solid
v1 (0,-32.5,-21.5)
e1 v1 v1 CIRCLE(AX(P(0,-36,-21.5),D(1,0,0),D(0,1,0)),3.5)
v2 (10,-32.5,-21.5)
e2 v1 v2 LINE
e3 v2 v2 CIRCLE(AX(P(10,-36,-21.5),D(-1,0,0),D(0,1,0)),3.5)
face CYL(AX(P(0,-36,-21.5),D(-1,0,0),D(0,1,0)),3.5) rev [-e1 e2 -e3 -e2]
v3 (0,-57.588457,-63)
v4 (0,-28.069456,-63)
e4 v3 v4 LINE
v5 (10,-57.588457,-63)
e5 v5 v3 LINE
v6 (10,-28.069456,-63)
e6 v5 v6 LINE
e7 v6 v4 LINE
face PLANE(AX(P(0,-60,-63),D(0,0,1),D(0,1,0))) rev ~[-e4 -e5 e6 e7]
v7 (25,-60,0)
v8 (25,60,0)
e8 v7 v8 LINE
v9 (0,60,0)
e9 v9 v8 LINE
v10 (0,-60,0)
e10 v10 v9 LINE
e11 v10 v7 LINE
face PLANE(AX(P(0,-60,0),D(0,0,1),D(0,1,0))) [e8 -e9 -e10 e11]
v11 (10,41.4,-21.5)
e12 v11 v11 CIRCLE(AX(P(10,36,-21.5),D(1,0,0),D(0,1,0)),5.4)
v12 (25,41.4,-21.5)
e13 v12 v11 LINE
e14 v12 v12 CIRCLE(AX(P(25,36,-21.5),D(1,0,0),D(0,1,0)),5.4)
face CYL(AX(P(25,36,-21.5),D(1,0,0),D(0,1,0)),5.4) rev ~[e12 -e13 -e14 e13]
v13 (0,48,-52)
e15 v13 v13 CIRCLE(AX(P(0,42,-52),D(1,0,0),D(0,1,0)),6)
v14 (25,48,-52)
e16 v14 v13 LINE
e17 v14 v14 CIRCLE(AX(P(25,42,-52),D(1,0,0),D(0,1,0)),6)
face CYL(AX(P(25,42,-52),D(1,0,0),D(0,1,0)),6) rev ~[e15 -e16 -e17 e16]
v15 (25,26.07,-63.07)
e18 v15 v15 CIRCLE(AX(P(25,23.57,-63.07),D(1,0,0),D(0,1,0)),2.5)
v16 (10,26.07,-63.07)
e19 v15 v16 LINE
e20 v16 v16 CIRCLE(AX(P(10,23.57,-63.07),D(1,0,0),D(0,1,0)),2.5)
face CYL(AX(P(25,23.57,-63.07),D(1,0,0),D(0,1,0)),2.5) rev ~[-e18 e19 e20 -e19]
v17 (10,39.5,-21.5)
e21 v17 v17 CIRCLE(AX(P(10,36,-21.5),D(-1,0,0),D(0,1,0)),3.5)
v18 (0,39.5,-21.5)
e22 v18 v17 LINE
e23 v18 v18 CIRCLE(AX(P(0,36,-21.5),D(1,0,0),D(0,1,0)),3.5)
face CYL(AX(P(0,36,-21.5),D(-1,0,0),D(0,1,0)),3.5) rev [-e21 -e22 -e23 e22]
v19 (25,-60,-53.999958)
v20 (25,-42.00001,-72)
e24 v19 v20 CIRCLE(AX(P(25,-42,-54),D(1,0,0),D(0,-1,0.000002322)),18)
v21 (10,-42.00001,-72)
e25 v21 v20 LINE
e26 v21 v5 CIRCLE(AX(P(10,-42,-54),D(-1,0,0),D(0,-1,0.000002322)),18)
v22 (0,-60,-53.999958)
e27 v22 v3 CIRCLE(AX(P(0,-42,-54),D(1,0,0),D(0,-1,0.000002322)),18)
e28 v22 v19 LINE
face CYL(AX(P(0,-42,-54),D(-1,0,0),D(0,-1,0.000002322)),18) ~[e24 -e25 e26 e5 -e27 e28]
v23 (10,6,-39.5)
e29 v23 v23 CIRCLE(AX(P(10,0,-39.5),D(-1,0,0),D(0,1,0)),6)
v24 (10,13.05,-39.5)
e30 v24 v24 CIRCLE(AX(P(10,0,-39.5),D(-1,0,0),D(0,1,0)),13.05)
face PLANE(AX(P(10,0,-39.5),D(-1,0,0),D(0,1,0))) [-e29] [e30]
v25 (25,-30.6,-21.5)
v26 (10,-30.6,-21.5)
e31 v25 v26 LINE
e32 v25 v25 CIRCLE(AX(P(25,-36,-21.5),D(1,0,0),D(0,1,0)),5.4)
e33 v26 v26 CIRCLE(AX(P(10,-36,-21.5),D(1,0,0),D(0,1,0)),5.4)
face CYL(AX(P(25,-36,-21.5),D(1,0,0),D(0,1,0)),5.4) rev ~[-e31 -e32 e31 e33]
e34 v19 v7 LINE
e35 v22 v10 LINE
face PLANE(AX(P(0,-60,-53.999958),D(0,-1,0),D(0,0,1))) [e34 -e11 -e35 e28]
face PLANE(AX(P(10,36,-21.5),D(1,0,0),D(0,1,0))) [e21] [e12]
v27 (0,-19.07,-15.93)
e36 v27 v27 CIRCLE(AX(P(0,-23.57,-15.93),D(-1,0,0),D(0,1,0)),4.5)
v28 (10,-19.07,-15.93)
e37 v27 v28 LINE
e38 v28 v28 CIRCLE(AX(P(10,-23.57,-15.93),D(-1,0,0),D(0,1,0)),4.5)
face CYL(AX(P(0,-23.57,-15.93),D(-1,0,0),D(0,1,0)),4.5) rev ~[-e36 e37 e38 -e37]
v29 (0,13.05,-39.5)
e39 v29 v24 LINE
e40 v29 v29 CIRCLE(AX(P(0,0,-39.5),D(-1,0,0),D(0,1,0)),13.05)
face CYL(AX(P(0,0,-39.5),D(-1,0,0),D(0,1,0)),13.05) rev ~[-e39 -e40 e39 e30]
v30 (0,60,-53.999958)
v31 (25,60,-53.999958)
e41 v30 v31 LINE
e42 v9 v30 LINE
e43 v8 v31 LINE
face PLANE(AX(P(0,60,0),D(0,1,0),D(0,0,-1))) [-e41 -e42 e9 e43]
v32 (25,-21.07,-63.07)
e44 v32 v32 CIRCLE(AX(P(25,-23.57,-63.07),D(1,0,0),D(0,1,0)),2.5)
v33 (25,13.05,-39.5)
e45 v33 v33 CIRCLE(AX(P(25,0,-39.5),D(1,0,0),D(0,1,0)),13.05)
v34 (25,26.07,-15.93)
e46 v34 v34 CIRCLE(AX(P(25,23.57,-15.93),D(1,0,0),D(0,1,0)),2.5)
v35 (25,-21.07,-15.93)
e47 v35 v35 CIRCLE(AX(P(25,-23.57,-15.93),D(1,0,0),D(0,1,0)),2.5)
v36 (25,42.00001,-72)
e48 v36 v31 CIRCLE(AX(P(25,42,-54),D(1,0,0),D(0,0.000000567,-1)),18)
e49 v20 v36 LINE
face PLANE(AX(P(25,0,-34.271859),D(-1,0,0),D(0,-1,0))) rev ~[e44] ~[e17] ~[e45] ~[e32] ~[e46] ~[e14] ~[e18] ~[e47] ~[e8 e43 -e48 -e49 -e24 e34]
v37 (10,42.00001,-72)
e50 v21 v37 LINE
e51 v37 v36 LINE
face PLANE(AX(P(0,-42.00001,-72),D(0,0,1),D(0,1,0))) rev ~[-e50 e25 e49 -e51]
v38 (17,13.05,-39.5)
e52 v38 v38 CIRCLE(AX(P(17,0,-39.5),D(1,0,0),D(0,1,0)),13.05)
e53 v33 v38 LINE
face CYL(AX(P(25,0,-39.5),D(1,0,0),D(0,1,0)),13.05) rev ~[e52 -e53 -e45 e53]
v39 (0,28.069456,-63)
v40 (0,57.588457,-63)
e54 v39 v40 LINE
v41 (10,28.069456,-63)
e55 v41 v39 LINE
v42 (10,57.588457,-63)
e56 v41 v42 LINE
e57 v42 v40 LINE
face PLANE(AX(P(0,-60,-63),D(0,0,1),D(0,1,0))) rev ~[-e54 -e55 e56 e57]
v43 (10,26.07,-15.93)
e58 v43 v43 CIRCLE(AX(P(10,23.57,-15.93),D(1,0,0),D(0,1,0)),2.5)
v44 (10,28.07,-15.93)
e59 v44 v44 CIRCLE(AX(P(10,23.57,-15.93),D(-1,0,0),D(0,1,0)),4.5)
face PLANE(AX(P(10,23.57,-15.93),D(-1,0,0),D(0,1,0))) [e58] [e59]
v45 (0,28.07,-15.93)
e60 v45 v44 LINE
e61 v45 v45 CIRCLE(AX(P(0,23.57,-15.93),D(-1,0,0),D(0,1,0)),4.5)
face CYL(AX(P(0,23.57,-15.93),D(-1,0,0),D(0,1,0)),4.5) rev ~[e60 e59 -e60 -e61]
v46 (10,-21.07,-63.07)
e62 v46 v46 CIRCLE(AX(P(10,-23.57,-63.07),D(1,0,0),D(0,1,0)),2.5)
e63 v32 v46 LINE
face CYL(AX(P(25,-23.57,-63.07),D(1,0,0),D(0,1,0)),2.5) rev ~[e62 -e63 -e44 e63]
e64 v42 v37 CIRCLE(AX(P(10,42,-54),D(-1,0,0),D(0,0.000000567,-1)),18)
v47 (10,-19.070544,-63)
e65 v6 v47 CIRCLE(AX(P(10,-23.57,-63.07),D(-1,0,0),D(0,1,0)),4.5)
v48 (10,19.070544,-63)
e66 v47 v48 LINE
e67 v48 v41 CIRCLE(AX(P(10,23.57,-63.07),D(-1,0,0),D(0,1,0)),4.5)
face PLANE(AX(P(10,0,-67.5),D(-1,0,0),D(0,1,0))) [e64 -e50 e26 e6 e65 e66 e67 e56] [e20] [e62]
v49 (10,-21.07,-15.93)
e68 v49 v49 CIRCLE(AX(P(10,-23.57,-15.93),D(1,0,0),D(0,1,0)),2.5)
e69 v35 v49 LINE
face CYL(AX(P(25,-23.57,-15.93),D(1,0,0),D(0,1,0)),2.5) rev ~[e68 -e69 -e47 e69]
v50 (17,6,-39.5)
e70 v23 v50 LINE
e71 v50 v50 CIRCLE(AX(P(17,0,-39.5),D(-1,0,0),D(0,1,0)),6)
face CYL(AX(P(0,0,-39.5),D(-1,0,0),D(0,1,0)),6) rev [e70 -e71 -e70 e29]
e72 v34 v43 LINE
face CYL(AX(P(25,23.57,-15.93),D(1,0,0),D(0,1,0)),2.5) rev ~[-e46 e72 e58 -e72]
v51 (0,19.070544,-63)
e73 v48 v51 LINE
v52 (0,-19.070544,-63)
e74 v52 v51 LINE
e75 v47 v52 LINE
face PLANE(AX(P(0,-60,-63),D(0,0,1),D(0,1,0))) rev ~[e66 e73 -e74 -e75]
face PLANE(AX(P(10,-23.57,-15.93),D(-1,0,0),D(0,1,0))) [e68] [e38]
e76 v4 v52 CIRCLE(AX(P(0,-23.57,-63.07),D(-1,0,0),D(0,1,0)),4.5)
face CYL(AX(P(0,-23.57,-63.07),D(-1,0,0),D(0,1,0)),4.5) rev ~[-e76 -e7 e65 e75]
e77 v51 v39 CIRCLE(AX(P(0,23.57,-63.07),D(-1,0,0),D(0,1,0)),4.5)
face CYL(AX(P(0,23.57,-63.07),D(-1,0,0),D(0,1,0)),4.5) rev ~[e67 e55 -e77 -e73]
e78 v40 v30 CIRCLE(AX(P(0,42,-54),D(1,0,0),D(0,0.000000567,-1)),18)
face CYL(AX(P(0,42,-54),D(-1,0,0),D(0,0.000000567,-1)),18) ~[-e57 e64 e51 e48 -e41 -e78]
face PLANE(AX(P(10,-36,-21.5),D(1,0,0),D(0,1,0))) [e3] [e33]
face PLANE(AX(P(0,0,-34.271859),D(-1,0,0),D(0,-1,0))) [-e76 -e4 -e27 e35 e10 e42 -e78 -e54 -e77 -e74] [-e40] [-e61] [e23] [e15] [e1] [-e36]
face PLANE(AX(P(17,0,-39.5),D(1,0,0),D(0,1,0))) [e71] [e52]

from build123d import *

# Parameters (mm, degrees)
SKETCH_R        = 3.5
SKETCH_R_2      = 6
PAD_DEPTH       = 25
SKETCH001_R     = 5.4
POCKET_DEPTH    = 15
SKETCH002_R     = 13.05
POCKET001_DEPTH = 10
SKETCH006_R     = 2.5
SKETCH006_R_2   = 6
POCKET002_DEPTH = 25
SKETCH005_R     = 4.5
POCKET003_DEPTH = 10
SKETCH007_R     = 13.05
POCKET004_DEPTH = 8
SKETCH009_W     = 120
SKETCH009_H     = 9
POCKET005_DEPTH = 10


with BuildPart() as part:
    # Sketch → Pad (new body)
    with BuildSketch(Plane.YZ):
        with BuildLine():
            Line((-60, -53.999958), (-60, 0))
            Line((-60, 0), (60, 0))
            Line((60, 0), (60, -53.999958))
            ThreePointArc((42.00001, -72), (54.72794, -66.727904), (60, -53.999958))
            Line((-42.00001, -72), (42.00001, -72))
            ThreePointArc((-60, -53.999958), (-54.72794, -66.727904), (-42.00001, -72))
        make_face()
        with Locations((-36, -21.5)):
            Circle(SKETCH_R, mode=Mode.SUBTRACT)
        with Locations((36, -21.5)):
            Circle(SKETCH_R, mode=Mode.SUBTRACT)
        with Locations((0, -39.5)):
            Circle(SKETCH_R_2, mode=Mode.SUBTRACT)
    extrude(amount=PAD_DEPTH)

    # Sketch001 → Pocket (cut)
    with BuildSketch(Plane.YZ.offset(25)):
        with Locations((-36, -21.5)):
            Circle(SKETCH001_R)
        with Locations((36, -21.5)):
            Circle(SKETCH001_R)
    extrude(amount=-POCKET_DEPTH, mode=Mode.SUBTRACT)

    # Sketch002 → Pocket001 (cut)
    with BuildSketch(Plane(origin=(0, 0, 0), x_dir=(0, 1, 0), z_dir=(-1, 0, 0))):
        with Locations((0, 39.5)):
            Circle(SKETCH002_R)
    extrude(amount=-POCKET001_DEPTH, mode=Mode.SUBTRACT)

    # Sketch006 → Pocket002 (cut)
    with BuildSketch(Plane.YZ.offset(25)):
        with Locations((-23.57, -15.93)):
            Circle(SKETCH006_R)
        with Locations((23.57, -15.93)):
            Circle(SKETCH006_R)
        with Locations((-23.57, -63.07)):
            Circle(SKETCH006_R)
        with Locations((23.57, -63.07)):
            Circle(SKETCH006_R)
        with Locations((42, -52)):
            Circle(SKETCH006_R_2)
    extrude(amount=-POCKET002_DEPTH, mode=Mode.SUBTRACT)

    # Sketch005 → Pocket003 (cut)
    with BuildSketch(Plane(origin=(0, 0, 0), x_dir=(0, 1, 0), z_dir=(-1, 0, 0))):
        with Locations((-23.57, 63.07)):
            Circle(SKETCH005_R)
        with Locations((23.57, 63.07)):
            Circle(SKETCH005_R)
        with Locations((-23.57, 15.93)):
            Circle(SKETCH005_R)
        with Locations((23.57, 15.93)):
            Circle(SKETCH005_R)
    extrude(amount=-POCKET003_DEPTH, mode=Mode.SUBTRACT)

    # Sketch007 → Pocket004 (cut)
    with BuildSketch(Plane.YZ.offset(25)):
        with Locations((0, -39.5)):
            Circle(SKETCH007_R)
    extrude(amount=-POCKET004_DEPTH, mode=Mode.SUBTRACT)

    # Sketch009 → Pocket005 (cut)
    with BuildSketch(Plane(origin=(0, 0, 0), x_dir=(0, 1, 0), z_dir=(-1, 0, 0))):
        with Locations((0, 67.5)):
            Rectangle(SKETCH009_W, SKETCH009_H)
    extrude(amount=-POCKET005_DEPTH, mode=Mode.SUBTRACT)


solid = part.part
